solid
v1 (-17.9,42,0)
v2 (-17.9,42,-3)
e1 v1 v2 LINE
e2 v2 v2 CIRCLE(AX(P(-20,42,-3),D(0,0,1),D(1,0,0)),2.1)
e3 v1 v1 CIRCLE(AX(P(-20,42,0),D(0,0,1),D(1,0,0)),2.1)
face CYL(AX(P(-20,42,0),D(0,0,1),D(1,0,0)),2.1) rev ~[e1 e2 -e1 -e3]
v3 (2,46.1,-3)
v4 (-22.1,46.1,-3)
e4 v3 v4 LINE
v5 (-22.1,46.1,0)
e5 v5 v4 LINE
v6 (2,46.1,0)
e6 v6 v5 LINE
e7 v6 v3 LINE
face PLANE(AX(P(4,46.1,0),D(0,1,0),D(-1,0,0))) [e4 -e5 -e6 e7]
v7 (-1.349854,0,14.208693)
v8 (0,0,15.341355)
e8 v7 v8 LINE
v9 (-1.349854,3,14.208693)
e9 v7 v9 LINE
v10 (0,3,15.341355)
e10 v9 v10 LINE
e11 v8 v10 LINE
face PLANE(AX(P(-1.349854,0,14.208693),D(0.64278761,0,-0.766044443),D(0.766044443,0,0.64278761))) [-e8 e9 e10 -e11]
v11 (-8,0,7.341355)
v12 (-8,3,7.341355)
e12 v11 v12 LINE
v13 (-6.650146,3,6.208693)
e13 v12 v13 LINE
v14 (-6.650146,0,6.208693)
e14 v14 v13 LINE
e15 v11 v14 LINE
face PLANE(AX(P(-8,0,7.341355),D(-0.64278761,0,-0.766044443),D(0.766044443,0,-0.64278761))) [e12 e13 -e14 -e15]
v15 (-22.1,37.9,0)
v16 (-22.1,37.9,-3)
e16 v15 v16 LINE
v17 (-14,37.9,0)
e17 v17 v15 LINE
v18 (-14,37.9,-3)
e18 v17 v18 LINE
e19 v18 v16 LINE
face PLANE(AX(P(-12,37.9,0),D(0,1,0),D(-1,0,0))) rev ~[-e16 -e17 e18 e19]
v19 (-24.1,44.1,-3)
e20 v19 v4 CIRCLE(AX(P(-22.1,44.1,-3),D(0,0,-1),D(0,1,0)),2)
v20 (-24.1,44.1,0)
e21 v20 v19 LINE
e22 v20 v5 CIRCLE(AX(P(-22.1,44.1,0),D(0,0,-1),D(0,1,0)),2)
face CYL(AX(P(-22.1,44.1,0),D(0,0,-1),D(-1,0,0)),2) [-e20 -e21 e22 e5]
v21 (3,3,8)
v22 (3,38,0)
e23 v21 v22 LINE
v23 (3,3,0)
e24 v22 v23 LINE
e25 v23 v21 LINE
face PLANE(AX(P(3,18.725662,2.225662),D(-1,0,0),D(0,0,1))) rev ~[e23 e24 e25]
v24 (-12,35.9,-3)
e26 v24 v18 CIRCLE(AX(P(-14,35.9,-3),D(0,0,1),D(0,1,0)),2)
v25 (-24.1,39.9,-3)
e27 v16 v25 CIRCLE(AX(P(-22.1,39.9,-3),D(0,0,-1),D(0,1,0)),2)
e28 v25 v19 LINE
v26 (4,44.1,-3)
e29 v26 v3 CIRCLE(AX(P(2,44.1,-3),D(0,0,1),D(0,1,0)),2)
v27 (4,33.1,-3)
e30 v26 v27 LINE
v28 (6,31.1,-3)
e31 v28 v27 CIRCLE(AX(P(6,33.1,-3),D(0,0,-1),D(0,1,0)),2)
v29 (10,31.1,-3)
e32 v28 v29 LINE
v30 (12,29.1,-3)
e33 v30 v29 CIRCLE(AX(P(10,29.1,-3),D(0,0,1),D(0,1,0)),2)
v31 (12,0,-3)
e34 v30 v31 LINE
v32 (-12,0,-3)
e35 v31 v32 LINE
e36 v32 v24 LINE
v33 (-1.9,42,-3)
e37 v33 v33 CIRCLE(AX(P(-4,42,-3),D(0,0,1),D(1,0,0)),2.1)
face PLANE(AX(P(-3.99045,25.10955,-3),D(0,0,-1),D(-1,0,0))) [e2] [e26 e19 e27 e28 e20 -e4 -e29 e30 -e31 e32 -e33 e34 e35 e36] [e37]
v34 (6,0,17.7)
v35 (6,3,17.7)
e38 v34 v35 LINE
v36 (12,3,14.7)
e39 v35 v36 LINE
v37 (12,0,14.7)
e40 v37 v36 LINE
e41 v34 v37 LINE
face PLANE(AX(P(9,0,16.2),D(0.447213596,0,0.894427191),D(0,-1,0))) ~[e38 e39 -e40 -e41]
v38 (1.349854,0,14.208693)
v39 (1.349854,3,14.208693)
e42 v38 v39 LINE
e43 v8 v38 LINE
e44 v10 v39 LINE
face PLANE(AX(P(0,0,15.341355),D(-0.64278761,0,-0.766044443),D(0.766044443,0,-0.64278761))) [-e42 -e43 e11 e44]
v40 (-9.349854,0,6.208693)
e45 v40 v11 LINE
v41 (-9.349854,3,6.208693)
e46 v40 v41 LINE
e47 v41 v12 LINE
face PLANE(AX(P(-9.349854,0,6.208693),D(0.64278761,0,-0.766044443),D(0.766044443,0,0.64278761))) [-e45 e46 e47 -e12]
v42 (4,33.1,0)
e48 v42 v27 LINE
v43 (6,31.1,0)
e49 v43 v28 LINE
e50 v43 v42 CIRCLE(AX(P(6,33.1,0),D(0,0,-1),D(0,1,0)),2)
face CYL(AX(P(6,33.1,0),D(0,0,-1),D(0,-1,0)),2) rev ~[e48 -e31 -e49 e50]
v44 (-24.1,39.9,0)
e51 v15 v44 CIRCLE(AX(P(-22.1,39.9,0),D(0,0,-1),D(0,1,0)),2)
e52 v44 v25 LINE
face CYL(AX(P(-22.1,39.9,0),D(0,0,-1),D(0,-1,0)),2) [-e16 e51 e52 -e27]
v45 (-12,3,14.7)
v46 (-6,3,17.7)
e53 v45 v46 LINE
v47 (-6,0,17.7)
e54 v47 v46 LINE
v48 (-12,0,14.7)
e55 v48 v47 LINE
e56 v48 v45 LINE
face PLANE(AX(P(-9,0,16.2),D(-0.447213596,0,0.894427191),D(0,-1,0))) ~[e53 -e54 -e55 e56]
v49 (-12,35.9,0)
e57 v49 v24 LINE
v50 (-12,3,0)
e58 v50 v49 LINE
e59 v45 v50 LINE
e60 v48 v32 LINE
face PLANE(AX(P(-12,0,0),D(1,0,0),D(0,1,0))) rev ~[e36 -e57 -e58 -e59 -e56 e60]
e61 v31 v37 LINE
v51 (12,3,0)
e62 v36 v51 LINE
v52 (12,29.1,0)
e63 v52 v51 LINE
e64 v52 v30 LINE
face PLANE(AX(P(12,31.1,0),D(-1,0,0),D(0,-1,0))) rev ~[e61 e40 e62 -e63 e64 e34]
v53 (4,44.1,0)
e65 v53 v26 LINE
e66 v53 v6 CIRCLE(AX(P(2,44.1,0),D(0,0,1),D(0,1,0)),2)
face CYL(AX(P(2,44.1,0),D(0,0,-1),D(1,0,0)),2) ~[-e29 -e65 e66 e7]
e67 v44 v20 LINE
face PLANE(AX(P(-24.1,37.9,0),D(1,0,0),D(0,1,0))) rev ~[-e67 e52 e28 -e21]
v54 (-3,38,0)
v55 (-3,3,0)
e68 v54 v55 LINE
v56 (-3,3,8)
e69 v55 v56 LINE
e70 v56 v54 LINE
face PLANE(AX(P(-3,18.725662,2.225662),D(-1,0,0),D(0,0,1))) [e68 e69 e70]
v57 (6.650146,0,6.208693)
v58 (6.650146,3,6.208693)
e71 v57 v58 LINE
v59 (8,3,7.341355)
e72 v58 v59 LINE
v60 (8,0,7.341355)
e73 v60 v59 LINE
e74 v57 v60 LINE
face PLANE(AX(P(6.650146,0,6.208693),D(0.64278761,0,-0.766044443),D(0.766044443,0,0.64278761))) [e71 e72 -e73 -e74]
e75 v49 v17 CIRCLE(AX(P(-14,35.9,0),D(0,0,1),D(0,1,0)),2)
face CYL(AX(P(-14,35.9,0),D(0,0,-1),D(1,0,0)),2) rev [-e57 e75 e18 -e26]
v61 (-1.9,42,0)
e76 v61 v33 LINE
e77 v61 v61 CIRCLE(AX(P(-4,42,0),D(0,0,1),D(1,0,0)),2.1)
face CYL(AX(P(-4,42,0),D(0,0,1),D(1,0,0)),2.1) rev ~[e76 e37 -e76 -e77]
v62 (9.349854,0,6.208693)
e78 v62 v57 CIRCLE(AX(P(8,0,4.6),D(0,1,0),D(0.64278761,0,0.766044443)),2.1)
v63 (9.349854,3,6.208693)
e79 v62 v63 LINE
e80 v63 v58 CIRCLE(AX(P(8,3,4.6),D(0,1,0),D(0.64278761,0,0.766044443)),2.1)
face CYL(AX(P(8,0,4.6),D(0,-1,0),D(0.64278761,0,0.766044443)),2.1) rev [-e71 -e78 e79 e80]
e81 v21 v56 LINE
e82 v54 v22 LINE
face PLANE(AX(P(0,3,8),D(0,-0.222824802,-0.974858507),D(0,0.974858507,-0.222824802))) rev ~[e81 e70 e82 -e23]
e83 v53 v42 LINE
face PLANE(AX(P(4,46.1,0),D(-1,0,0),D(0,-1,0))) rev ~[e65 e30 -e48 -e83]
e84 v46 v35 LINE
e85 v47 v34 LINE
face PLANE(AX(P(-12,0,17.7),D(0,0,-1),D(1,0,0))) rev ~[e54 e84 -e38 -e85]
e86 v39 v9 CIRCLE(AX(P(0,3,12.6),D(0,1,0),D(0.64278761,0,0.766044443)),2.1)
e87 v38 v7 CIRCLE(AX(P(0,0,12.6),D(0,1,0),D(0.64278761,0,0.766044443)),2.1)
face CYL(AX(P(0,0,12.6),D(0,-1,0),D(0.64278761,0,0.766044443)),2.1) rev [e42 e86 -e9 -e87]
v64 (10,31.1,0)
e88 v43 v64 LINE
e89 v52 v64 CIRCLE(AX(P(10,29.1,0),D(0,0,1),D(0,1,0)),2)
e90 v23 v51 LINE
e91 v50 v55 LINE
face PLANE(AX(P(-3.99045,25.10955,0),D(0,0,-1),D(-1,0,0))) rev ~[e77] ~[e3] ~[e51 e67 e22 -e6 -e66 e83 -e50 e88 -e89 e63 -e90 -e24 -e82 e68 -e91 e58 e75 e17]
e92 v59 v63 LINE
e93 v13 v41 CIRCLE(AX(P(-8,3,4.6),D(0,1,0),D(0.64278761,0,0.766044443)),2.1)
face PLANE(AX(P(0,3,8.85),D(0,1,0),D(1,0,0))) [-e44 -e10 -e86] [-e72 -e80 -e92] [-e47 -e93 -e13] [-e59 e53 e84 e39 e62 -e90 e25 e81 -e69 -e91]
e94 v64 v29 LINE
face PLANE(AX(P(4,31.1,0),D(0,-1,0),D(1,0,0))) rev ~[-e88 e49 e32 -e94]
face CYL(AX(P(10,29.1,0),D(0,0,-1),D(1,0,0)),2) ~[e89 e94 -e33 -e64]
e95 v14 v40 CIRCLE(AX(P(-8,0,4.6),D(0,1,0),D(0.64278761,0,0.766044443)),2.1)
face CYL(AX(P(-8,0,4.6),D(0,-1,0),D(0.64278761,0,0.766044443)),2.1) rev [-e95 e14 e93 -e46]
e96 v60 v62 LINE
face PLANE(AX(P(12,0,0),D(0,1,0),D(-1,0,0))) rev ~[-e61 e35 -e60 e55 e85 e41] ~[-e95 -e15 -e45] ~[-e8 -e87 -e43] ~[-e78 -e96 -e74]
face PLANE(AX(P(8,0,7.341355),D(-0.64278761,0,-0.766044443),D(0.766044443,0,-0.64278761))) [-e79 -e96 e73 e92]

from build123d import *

# Parameters (mm, degrees)
SKETCH1_W           = 24
SKETCH1_H           = 17.7
BOSS_EXTRUDE1_DEPTH = 3
SKETCH2_R           = 2.1
BOSS_EXTRUDE2_DEPTH = 3
BOSS_EXTRUDE3_DEPTH = 3
CHAMFER1_SIZE       = 6
CHAMFER1_SIZE2      = 3
CHAMFER2_SIZE       = 3
CHAMFER2_SIZE2      = 6
FILLET1_R           = 2


with BuildPart() as part:
    # Sketch1 → Boss-Extrude1 (new body)
    with BuildSketch(Plane(origin=(0, 0, 0), x_dir=(1, 0, 0), z_dir=(0, 1, 0))):
        with Locations((0, -8.85)):
            Rectangle(SKETCH1_W, SKETCH1_H)
        with BuildLine():
            Line((-9.34985398, -6.208693331), (-8, -7.341355308))
            Line((-8, -7.341355308), (-6.65014602, -6.208693331))
            ThreePointArc((-6.65014602, -6.208693331), (-8, -2.5), (-9.34985398, -6.208693331))
        make_face(mode=Mode.SUBTRACT)
        with BuildLine():
            Line((6.65014602, -6.208693331), (8, -7.341355308))
            Line((8, -7.341355308), (9.34985398, -6.208693331))
            ThreePointArc((9.34985398, -6.208693331), (8, -2.5), (6.65014602, -6.208693331))
        make_face(mode=Mode.SUBTRACT)
        with BuildLine():
            Line((-1.34985398, -14.208693331), (0, -15.341355308))
            Line((0, -15.341355308), (1.34985398, -14.208693331))
            ThreePointArc((1.34985398, -14.208693331), (0, -10.5), (-1.34985398, -14.208693331))
        make_face(mode=Mode.SUBTRACT)
    extrude(amount=BOSS_EXTRUDE1_DEPTH)

    # Sketch2 → Boss-Extrude2 (add)
    with BuildSketch(Plane.XY):
        Polygon((12, 0), (-12, 0), (-12, 37.9), (-24.1, 37.9), (-24.1, 46.1), (-12, 46.1), (4, 46.1), (4, 31.1), (12, 31.1), align=None)
        with Locations((-20, 42)):
            Circle(SKETCH2_R, mode=Mode.SUBTRACT)
        with Locations((-4, 42)):
            Circle(SKETCH2_R, mode=Mode.SUBTRACT)
    extrude(amount=-BOSS_EXTRUDE2_DEPTH)

    # Sketch3 → Boss-Extrude3 (add, symmetric)
    with BuildSketch(Plane(origin=(0, 0, 0), x_dir=(0, 0, -1), z_dir=(1, 0, 0))):
        Polygon((0, 3), (-8, 3), (0, 38), align=None)
    extrude(amount=BOSS_EXTRUDE3_DEPTH, both=True)

    # Chamfer1
    chamfer1_edges = [part.edges().sort_by_distance(p)[0] for p in [
        (12, 1.5, 17.7),
    ]]
    chamfer1_side = [part.faces().sort_by_distance(p)[0] for p in [
        (0, 1.5, 17.7),
    ]]
    chamfer(chamfer1_edges, length=CHAMFER1_SIZE, length2=CHAMFER1_SIZE2, reference=chamfer1_side[0])

    # Chamfer2
    chamfer2_edges = [part.edges().sort_by_distance(p)[0] for p in [
        (-12, 1.5, 17.7),
    ]]
    chamfer2_side = [part.faces().sort_by_distance(p)[0] for p in [
        (-12, 1.5, 17.26815512),
    ]]
    chamfer(chamfer2_edges, length=CHAMFER2_SIZE, length2=CHAMFER2_SIZE2, reference=chamfer2_side[0])

    # Fillet1
    fillet1_edges = [part.edges().sort_by_distance(p)[0] for p in [
        (12, 31.1, -1.5),
        (-12, 37.9, -1.5),
        (-24.1, 37.9, -1.5),
        (-24.1, 46.1, -1.5),
        (4, 46.1, -1.5),
        (4, 31.1, -1.5),
    ]]
    fillet(fillet1_edges, radius=FILLET1_R)


solid = part.part
